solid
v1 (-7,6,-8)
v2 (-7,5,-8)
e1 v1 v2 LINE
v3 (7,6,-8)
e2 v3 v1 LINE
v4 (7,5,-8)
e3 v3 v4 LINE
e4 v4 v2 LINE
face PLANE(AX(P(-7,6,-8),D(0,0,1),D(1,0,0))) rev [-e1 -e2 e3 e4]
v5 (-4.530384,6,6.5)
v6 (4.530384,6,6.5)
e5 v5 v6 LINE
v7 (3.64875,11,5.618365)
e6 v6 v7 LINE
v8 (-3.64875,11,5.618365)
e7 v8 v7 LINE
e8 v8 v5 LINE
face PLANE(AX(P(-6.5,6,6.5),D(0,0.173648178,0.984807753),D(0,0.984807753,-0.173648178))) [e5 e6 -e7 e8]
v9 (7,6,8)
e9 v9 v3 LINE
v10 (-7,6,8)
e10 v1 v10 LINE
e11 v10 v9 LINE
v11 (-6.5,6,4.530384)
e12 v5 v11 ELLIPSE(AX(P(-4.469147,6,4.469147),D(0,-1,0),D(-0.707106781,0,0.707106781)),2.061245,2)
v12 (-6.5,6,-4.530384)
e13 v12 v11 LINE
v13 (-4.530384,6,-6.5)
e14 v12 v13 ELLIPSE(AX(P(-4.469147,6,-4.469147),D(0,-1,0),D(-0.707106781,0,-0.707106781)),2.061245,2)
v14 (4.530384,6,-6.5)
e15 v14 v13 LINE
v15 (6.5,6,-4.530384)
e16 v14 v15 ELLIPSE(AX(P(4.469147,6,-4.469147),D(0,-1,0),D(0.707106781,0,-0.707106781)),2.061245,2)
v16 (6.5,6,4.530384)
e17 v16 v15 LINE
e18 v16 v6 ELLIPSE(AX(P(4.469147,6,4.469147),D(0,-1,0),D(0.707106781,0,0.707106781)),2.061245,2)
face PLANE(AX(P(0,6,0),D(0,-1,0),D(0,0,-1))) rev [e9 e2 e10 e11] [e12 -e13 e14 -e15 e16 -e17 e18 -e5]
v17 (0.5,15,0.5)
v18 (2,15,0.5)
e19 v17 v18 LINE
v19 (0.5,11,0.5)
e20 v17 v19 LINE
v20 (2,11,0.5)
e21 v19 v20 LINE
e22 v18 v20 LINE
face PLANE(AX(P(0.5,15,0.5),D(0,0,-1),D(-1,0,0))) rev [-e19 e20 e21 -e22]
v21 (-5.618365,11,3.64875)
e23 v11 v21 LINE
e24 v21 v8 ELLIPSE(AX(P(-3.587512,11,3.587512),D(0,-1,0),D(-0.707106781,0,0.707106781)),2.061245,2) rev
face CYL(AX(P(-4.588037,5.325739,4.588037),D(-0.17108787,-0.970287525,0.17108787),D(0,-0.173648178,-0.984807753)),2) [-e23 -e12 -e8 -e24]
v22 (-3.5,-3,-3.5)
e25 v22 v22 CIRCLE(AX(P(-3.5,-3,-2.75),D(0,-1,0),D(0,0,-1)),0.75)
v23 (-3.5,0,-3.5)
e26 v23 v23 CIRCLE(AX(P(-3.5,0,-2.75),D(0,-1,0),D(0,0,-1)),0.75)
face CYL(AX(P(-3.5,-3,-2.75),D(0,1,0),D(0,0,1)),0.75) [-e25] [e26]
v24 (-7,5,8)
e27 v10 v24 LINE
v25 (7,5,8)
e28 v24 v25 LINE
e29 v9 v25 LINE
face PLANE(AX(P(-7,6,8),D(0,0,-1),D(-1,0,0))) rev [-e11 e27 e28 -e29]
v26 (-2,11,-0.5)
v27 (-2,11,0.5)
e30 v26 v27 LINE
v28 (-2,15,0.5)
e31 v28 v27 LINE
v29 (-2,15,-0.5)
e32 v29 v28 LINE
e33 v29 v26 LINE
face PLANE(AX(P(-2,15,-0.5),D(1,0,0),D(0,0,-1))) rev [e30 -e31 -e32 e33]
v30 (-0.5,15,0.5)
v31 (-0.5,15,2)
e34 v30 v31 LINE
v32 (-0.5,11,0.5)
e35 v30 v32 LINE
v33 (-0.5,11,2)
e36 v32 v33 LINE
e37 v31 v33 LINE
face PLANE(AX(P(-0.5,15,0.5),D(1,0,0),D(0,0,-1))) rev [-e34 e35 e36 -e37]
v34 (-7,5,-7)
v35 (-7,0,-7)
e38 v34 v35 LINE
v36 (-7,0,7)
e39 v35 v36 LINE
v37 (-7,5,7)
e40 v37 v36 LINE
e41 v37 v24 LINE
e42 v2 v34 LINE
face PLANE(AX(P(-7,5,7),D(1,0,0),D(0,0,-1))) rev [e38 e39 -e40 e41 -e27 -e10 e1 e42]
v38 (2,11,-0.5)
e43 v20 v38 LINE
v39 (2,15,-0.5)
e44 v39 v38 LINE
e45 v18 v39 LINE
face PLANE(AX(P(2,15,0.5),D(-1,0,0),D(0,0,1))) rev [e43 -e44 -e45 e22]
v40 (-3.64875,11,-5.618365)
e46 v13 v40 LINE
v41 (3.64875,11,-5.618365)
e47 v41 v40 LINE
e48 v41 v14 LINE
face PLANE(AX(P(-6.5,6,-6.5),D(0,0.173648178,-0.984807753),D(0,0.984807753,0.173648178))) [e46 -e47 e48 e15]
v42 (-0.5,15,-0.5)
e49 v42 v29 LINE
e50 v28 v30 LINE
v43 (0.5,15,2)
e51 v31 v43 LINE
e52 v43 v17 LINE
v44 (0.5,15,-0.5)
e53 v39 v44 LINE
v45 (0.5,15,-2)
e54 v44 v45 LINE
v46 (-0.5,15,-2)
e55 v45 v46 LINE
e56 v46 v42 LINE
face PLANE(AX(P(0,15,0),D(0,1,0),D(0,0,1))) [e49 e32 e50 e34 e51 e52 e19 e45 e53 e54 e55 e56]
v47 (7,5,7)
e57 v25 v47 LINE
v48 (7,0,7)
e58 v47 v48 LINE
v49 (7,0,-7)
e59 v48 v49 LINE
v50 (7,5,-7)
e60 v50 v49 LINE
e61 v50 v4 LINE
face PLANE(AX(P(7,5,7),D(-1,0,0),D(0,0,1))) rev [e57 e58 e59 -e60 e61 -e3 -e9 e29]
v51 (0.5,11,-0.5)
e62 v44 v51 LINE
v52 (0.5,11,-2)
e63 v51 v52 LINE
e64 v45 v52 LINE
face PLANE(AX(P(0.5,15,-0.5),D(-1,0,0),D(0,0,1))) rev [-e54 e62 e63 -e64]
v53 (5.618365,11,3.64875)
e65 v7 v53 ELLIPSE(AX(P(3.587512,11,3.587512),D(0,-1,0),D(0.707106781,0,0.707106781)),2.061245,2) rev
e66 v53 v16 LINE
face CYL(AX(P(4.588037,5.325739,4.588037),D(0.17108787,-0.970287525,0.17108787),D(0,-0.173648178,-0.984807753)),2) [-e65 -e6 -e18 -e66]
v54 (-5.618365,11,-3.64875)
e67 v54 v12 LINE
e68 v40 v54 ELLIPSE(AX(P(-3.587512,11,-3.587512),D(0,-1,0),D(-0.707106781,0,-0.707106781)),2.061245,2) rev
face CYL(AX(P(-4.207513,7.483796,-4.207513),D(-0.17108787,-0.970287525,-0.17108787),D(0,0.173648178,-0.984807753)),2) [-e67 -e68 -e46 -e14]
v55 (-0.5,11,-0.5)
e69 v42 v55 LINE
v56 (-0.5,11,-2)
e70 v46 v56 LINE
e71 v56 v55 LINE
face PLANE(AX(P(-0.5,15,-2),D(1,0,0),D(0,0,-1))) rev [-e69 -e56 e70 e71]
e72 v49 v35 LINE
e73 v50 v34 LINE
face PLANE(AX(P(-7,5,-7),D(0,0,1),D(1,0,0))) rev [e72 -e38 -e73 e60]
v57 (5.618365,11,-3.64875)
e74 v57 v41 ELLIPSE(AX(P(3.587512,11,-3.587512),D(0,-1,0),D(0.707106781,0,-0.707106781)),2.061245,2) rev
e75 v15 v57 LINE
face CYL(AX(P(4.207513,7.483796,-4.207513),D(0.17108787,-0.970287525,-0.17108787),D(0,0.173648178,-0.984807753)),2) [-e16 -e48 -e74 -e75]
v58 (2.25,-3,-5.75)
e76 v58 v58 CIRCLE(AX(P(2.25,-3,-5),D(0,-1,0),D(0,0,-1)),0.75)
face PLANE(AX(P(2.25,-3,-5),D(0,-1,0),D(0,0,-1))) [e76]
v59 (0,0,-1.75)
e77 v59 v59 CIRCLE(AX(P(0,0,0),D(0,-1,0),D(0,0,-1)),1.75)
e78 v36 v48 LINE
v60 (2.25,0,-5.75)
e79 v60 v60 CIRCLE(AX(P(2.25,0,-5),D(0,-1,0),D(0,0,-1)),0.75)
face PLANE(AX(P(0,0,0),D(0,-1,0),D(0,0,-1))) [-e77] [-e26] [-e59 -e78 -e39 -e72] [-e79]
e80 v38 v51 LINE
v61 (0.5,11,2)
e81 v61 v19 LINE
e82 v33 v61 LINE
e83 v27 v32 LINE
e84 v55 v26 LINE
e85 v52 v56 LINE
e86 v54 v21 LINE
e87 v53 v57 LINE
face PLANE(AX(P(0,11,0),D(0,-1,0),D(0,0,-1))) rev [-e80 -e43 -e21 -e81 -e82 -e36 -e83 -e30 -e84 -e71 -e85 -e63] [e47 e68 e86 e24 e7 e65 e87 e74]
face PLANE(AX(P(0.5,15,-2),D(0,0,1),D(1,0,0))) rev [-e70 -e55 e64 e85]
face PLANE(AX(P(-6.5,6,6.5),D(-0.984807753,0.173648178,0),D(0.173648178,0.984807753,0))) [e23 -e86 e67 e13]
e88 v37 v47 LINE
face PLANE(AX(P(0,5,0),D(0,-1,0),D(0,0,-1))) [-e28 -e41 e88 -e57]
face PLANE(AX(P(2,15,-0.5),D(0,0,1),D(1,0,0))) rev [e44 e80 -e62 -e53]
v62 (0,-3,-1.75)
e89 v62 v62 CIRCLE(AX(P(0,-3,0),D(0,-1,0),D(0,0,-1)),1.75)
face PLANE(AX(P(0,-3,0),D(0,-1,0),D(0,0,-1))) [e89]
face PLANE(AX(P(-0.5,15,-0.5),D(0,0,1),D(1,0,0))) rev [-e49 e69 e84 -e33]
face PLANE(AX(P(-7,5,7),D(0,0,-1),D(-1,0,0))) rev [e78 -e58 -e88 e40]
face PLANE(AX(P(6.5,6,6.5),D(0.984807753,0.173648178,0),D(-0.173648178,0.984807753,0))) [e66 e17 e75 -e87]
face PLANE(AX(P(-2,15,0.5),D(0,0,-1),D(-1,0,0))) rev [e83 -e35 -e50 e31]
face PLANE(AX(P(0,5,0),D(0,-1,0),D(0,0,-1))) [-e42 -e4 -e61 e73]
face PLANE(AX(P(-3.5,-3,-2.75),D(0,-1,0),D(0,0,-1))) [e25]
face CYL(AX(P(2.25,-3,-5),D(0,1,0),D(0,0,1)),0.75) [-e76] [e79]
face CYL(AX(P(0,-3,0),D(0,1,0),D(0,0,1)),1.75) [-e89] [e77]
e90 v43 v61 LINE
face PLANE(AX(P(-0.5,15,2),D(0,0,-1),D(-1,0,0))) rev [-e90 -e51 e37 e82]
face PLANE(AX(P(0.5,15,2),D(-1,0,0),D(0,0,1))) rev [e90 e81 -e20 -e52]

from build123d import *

# Parameters (mm, degrees)
SKETCH1_W           = 14
SKETCH1_H           = 14
BOSS_EXTRUDE1_DEPTH = 5
SKETCH2_W           = 14
SKETCH2_H           = 16
BOSS_EXTRUDE2_DEPTH = 1
SKETCH3_W           = 13
SKETCH3_H           = 13
BOSS_EXTRUDE3_DEPTH = 5
BOSS_EXTRUDE3_TAPER = 10
BOSS_EXTRUDE4_DEPTH = 4
SKETCH5_R           = 1.75
BOSS_EXTRUDE5_DEPTH = 3
SKETCH6_R           = 0.75
BOSS_EXTRUDE6_DEPTH = 3
FILLET1_R           = 2


with BuildPart() as part:
    # Sketch1 → Boss-Extrude1 (new body)
    with BuildSketch(Plane(origin=(0, 0, 0), x_dir=(1, 0, 0), z_dir=(0, 1, 0))):
        Rectangle(SKETCH1_W, SKETCH1_H)
    extrude(amount=BOSS_EXTRUDE1_DEPTH)

    # Sketch2 → Boss-Extrude2 (add)
    with BuildSketch(Plane(origin=(0, 5, 0), x_dir=(1, 0, 0), z_dir=(0, 1, 0))):
        Rectangle(SKETCH2_W, SKETCH2_H)
    extrude(amount=BOSS_EXTRUDE2_DEPTH)

    # Sketch3 → Boss-Extrude3 (add)
    with BuildSketch(Plane(origin=(0, 6, 0), x_dir=(1, 0, 0), z_dir=(0, 1, 0))):
        Rectangle(SKETCH3_W, SKETCH3_H)
    extrude(amount=BOSS_EXTRUDE3_DEPTH, taper=BOSS_EXTRUDE3_TAPER)

    # Sketch4 → Boss-Extrude4 (add)
    with BuildSketch(Plane(origin=(0, 11, 0), x_dir=(1, 0, 0), z_dir=(0, 1, 0))):
        Polygon((0.5, -0.5), (2, -0.5), (2, 0.5), (0.5, 0.5), (0.5, 2), (-0.5, 2), (-0.5, 0.5), (-2, 0.5), (-2, -0.5), (-0.5, -0.5), (-0.5, -2), (0.5, -2), align=None)
    extrude(amount=BOSS_EXTRUDE4_DEPTH)

    # Sketch5 → Boss-Extrude5 (add)
    with BuildSketch(Plane.XZ):
        with Locations(Location((0, 0, 0), (0, 0, 270))):
            Circle(SKETCH5_R)
    extrude(amount=BOSS_EXTRUDE5_DEPTH)

    # Sketch6 → Boss-Extrude6 (add)
    with BuildSketch(Plane.XZ):
        with Locations(Location((2.25, -5, 0), (0, 0, 270))):
            Circle(SKETCH6_R)
        with Locations(Location((-3.5, -2.75, 0), (0, 0, 270))):
            Circle(SKETCH6_R)
    extrude(amount=BOSS_EXTRUDE6_DEPTH)

    # Fillet1
    fillet1_edges = [part.edges().sort_by_distance(p)[0] for p in [
        (6.059182548, 8.5, 6.059182548),
        (6.059182548, 8.5, -6.059182548),
        (-6.059182548, 8.5, -6.059182548),
        (-6.059182548, 8.5, 6.059182548),
    ]]
    fillet(fillet1_edges, radius=FILLET1_R)


solid = part.part
